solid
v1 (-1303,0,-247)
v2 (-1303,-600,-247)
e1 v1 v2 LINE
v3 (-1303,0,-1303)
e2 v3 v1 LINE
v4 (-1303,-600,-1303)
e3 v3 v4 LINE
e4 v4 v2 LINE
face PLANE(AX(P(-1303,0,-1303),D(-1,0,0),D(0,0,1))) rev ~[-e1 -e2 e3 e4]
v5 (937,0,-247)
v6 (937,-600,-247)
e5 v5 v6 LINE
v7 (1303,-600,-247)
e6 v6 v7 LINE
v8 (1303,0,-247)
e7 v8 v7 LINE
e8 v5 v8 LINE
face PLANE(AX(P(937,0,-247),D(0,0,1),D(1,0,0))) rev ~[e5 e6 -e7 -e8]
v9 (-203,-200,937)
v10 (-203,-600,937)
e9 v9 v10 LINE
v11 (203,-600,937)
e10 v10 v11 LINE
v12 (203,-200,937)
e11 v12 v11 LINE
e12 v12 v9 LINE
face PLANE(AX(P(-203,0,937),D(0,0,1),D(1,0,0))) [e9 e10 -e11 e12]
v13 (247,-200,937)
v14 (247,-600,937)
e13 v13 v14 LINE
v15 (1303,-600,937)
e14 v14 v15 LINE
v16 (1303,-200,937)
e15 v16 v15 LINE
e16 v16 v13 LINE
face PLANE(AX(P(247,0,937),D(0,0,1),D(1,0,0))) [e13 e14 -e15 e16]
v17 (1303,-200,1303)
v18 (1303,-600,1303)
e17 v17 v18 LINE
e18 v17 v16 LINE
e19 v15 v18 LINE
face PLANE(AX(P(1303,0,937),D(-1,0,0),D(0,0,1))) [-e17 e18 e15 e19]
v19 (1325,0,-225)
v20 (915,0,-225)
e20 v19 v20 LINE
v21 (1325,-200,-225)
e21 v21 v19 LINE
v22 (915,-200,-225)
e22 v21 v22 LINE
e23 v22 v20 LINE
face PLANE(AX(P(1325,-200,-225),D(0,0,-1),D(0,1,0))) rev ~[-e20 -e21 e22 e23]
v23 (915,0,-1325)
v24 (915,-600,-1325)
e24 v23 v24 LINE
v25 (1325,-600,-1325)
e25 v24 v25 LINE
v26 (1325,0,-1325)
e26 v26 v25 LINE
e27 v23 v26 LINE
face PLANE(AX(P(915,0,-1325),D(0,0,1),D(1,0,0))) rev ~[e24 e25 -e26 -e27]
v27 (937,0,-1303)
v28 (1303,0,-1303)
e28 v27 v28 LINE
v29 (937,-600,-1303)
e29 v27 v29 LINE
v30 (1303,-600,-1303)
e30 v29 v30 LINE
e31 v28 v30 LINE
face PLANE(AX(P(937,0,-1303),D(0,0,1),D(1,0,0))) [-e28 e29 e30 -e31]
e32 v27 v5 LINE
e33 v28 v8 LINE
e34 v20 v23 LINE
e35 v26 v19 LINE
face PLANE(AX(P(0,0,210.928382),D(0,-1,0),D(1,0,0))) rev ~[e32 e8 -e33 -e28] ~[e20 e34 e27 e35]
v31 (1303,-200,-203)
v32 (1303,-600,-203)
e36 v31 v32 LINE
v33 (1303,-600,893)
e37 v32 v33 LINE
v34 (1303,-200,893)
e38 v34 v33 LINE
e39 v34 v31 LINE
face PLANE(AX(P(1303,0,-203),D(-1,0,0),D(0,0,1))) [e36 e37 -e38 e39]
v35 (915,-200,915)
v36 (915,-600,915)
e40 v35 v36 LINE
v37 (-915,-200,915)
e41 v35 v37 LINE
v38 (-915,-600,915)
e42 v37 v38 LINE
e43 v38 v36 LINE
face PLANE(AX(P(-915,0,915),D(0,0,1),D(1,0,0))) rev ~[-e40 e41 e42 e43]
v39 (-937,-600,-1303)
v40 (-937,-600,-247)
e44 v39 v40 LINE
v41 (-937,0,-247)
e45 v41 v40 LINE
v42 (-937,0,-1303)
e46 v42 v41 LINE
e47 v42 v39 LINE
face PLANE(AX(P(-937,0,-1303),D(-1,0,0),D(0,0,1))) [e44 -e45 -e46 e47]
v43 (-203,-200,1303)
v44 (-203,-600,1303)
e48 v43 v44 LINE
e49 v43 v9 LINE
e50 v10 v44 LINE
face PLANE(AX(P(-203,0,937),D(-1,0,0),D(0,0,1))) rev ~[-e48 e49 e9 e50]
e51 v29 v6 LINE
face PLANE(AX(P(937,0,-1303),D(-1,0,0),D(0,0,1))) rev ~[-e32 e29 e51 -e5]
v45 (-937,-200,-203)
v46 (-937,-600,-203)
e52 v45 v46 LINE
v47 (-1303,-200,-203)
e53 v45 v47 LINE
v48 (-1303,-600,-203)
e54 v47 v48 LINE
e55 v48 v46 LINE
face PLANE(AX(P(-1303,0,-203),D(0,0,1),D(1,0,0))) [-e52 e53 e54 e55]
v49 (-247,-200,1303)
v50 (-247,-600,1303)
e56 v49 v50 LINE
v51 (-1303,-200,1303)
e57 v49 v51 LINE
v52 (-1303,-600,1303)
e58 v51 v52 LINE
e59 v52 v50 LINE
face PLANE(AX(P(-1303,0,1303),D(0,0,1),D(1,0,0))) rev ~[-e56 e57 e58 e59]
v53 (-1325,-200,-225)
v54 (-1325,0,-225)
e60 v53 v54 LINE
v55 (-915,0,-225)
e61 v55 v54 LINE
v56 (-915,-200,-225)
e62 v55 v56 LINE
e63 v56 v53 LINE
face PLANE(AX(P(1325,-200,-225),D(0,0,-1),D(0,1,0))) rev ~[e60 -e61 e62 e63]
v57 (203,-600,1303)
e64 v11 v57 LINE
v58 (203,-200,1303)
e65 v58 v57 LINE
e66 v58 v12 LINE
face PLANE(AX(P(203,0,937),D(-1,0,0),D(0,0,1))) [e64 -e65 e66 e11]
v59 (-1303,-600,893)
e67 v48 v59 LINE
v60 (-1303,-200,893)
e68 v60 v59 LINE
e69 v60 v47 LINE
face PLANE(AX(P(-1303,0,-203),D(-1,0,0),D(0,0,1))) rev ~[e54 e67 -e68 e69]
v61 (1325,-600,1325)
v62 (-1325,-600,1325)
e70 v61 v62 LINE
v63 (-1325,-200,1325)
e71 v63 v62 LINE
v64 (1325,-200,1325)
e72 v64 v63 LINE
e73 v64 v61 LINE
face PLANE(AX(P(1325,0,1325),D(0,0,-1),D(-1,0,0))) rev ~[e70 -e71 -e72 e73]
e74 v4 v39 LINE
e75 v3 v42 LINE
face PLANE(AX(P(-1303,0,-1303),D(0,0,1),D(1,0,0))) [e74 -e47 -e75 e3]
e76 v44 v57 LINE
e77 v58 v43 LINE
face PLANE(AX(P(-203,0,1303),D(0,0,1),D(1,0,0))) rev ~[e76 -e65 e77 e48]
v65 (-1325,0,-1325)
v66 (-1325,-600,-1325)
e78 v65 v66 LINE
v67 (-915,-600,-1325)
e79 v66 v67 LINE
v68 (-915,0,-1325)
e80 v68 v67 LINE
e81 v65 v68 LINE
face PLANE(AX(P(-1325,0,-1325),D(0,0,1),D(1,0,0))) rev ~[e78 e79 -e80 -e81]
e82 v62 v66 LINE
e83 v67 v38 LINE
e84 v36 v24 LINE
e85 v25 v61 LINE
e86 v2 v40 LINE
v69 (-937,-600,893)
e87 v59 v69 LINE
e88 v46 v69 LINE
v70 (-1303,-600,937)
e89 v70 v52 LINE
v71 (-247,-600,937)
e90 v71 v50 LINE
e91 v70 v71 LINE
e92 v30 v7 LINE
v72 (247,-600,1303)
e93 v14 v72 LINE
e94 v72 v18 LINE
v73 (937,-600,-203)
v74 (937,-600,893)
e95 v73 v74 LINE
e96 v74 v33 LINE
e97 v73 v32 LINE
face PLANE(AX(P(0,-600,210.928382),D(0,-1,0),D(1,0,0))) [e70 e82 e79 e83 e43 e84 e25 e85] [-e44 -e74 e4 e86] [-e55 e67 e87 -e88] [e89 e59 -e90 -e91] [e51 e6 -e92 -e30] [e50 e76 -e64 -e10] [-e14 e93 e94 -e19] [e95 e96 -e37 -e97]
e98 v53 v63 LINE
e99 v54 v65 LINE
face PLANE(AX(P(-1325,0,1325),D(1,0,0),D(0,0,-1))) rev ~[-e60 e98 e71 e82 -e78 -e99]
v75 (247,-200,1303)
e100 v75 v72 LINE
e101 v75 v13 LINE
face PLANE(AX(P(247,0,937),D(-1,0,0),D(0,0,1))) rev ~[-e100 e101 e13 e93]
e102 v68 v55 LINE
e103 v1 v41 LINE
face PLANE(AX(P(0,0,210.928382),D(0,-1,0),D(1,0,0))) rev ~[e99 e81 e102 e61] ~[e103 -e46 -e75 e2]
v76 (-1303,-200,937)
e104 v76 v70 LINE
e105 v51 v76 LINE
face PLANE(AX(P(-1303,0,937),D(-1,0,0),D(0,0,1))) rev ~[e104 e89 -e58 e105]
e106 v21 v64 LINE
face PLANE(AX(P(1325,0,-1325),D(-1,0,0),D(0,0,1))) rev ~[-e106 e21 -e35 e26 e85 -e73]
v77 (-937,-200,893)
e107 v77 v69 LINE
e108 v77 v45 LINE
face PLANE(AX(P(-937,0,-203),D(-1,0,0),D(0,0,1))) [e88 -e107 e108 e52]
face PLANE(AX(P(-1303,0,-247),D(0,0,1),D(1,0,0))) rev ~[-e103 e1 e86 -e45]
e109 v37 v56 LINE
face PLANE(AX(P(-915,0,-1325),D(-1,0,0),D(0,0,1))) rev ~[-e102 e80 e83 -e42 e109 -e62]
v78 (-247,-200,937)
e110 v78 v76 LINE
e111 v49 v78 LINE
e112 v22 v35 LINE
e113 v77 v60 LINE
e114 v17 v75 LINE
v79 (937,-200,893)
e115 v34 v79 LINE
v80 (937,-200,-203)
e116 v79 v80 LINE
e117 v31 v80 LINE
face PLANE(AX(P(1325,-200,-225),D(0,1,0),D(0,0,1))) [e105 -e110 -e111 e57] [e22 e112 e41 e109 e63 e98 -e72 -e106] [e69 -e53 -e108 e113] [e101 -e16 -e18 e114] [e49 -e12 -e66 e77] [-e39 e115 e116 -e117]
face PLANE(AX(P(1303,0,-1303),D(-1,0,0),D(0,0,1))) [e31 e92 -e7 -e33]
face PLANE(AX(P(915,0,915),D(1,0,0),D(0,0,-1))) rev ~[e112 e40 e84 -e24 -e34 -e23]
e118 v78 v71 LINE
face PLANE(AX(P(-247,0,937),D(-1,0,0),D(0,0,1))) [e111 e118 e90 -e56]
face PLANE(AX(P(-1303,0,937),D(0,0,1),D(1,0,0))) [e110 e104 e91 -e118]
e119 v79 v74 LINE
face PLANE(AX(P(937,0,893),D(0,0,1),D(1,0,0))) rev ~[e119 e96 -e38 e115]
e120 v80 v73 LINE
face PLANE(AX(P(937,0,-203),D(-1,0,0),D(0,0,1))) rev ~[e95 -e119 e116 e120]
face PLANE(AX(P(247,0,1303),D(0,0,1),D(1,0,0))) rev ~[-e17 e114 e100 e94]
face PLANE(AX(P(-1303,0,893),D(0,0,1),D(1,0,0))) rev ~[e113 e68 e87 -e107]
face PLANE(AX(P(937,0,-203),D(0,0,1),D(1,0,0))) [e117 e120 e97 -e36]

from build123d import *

# Parameters (mm, degrees)
F0_W     = 366
F0_H     = 1056
F0_H_2   = 1096
F0_W_2   = 1056
F0_H_3   = 366
F0_W_3   = 406
F1_DEPTH = 600
F2_W     = 200
F2_H     = 1550
F3_DEPTH = 2650.001


with BuildPart() as f1:
    # F0 (on Front) → F1 (new body)
    with BuildSketch(Plane.XZ):
        Polygon((1325, 1325), (-1325, 1325), (-1325, -1325), (-915, -1325), (-915, 915), (915, 915), (915, -203), (915, -1325), (1325, -1325), (1325, -203), align=None)
        with Locations((-1120, -775)):
            Rectangle(F0_W, F0_H, mode=Mode.SUBTRACT)
        with Locations((1120, -775)):
            Rectangle(F0_W, F0_H, mode=Mode.SUBTRACT)
        with Locations((-1120, 345)):
            Rectangle(F0_W, F0_H_2, mode=Mode.SUBTRACT)
        with Locations((-775, 1120)):
            Rectangle(F0_W_2, F0_H_3, mode=Mode.SUBTRACT)
        with Locations((1120, 345)):
            Rectangle(F0_W, F0_H_2, mode=Mode.SUBTRACT)
        with Locations((0, 1120)):
            Rectangle(F0_W_3, F0_H_3, mode=Mode.SUBTRACT)
        with Locations((775, 1120)):
            Rectangle(F0_W_2, F0_H_3, mode=Mode.SUBTRACT)
    extrude(amount=F1_DEPTH)

    # F2 (on face) → F3 (cut, through all)
    with BuildSketch(Plane.YZ.offset(1325)):
        with Locations((-100, 550)):
            Rectangle(F2_W, F2_H)
    extrude(amount=-F3_DEPTH, mode=Mode.SUBTRACT)


solid = f1.part
